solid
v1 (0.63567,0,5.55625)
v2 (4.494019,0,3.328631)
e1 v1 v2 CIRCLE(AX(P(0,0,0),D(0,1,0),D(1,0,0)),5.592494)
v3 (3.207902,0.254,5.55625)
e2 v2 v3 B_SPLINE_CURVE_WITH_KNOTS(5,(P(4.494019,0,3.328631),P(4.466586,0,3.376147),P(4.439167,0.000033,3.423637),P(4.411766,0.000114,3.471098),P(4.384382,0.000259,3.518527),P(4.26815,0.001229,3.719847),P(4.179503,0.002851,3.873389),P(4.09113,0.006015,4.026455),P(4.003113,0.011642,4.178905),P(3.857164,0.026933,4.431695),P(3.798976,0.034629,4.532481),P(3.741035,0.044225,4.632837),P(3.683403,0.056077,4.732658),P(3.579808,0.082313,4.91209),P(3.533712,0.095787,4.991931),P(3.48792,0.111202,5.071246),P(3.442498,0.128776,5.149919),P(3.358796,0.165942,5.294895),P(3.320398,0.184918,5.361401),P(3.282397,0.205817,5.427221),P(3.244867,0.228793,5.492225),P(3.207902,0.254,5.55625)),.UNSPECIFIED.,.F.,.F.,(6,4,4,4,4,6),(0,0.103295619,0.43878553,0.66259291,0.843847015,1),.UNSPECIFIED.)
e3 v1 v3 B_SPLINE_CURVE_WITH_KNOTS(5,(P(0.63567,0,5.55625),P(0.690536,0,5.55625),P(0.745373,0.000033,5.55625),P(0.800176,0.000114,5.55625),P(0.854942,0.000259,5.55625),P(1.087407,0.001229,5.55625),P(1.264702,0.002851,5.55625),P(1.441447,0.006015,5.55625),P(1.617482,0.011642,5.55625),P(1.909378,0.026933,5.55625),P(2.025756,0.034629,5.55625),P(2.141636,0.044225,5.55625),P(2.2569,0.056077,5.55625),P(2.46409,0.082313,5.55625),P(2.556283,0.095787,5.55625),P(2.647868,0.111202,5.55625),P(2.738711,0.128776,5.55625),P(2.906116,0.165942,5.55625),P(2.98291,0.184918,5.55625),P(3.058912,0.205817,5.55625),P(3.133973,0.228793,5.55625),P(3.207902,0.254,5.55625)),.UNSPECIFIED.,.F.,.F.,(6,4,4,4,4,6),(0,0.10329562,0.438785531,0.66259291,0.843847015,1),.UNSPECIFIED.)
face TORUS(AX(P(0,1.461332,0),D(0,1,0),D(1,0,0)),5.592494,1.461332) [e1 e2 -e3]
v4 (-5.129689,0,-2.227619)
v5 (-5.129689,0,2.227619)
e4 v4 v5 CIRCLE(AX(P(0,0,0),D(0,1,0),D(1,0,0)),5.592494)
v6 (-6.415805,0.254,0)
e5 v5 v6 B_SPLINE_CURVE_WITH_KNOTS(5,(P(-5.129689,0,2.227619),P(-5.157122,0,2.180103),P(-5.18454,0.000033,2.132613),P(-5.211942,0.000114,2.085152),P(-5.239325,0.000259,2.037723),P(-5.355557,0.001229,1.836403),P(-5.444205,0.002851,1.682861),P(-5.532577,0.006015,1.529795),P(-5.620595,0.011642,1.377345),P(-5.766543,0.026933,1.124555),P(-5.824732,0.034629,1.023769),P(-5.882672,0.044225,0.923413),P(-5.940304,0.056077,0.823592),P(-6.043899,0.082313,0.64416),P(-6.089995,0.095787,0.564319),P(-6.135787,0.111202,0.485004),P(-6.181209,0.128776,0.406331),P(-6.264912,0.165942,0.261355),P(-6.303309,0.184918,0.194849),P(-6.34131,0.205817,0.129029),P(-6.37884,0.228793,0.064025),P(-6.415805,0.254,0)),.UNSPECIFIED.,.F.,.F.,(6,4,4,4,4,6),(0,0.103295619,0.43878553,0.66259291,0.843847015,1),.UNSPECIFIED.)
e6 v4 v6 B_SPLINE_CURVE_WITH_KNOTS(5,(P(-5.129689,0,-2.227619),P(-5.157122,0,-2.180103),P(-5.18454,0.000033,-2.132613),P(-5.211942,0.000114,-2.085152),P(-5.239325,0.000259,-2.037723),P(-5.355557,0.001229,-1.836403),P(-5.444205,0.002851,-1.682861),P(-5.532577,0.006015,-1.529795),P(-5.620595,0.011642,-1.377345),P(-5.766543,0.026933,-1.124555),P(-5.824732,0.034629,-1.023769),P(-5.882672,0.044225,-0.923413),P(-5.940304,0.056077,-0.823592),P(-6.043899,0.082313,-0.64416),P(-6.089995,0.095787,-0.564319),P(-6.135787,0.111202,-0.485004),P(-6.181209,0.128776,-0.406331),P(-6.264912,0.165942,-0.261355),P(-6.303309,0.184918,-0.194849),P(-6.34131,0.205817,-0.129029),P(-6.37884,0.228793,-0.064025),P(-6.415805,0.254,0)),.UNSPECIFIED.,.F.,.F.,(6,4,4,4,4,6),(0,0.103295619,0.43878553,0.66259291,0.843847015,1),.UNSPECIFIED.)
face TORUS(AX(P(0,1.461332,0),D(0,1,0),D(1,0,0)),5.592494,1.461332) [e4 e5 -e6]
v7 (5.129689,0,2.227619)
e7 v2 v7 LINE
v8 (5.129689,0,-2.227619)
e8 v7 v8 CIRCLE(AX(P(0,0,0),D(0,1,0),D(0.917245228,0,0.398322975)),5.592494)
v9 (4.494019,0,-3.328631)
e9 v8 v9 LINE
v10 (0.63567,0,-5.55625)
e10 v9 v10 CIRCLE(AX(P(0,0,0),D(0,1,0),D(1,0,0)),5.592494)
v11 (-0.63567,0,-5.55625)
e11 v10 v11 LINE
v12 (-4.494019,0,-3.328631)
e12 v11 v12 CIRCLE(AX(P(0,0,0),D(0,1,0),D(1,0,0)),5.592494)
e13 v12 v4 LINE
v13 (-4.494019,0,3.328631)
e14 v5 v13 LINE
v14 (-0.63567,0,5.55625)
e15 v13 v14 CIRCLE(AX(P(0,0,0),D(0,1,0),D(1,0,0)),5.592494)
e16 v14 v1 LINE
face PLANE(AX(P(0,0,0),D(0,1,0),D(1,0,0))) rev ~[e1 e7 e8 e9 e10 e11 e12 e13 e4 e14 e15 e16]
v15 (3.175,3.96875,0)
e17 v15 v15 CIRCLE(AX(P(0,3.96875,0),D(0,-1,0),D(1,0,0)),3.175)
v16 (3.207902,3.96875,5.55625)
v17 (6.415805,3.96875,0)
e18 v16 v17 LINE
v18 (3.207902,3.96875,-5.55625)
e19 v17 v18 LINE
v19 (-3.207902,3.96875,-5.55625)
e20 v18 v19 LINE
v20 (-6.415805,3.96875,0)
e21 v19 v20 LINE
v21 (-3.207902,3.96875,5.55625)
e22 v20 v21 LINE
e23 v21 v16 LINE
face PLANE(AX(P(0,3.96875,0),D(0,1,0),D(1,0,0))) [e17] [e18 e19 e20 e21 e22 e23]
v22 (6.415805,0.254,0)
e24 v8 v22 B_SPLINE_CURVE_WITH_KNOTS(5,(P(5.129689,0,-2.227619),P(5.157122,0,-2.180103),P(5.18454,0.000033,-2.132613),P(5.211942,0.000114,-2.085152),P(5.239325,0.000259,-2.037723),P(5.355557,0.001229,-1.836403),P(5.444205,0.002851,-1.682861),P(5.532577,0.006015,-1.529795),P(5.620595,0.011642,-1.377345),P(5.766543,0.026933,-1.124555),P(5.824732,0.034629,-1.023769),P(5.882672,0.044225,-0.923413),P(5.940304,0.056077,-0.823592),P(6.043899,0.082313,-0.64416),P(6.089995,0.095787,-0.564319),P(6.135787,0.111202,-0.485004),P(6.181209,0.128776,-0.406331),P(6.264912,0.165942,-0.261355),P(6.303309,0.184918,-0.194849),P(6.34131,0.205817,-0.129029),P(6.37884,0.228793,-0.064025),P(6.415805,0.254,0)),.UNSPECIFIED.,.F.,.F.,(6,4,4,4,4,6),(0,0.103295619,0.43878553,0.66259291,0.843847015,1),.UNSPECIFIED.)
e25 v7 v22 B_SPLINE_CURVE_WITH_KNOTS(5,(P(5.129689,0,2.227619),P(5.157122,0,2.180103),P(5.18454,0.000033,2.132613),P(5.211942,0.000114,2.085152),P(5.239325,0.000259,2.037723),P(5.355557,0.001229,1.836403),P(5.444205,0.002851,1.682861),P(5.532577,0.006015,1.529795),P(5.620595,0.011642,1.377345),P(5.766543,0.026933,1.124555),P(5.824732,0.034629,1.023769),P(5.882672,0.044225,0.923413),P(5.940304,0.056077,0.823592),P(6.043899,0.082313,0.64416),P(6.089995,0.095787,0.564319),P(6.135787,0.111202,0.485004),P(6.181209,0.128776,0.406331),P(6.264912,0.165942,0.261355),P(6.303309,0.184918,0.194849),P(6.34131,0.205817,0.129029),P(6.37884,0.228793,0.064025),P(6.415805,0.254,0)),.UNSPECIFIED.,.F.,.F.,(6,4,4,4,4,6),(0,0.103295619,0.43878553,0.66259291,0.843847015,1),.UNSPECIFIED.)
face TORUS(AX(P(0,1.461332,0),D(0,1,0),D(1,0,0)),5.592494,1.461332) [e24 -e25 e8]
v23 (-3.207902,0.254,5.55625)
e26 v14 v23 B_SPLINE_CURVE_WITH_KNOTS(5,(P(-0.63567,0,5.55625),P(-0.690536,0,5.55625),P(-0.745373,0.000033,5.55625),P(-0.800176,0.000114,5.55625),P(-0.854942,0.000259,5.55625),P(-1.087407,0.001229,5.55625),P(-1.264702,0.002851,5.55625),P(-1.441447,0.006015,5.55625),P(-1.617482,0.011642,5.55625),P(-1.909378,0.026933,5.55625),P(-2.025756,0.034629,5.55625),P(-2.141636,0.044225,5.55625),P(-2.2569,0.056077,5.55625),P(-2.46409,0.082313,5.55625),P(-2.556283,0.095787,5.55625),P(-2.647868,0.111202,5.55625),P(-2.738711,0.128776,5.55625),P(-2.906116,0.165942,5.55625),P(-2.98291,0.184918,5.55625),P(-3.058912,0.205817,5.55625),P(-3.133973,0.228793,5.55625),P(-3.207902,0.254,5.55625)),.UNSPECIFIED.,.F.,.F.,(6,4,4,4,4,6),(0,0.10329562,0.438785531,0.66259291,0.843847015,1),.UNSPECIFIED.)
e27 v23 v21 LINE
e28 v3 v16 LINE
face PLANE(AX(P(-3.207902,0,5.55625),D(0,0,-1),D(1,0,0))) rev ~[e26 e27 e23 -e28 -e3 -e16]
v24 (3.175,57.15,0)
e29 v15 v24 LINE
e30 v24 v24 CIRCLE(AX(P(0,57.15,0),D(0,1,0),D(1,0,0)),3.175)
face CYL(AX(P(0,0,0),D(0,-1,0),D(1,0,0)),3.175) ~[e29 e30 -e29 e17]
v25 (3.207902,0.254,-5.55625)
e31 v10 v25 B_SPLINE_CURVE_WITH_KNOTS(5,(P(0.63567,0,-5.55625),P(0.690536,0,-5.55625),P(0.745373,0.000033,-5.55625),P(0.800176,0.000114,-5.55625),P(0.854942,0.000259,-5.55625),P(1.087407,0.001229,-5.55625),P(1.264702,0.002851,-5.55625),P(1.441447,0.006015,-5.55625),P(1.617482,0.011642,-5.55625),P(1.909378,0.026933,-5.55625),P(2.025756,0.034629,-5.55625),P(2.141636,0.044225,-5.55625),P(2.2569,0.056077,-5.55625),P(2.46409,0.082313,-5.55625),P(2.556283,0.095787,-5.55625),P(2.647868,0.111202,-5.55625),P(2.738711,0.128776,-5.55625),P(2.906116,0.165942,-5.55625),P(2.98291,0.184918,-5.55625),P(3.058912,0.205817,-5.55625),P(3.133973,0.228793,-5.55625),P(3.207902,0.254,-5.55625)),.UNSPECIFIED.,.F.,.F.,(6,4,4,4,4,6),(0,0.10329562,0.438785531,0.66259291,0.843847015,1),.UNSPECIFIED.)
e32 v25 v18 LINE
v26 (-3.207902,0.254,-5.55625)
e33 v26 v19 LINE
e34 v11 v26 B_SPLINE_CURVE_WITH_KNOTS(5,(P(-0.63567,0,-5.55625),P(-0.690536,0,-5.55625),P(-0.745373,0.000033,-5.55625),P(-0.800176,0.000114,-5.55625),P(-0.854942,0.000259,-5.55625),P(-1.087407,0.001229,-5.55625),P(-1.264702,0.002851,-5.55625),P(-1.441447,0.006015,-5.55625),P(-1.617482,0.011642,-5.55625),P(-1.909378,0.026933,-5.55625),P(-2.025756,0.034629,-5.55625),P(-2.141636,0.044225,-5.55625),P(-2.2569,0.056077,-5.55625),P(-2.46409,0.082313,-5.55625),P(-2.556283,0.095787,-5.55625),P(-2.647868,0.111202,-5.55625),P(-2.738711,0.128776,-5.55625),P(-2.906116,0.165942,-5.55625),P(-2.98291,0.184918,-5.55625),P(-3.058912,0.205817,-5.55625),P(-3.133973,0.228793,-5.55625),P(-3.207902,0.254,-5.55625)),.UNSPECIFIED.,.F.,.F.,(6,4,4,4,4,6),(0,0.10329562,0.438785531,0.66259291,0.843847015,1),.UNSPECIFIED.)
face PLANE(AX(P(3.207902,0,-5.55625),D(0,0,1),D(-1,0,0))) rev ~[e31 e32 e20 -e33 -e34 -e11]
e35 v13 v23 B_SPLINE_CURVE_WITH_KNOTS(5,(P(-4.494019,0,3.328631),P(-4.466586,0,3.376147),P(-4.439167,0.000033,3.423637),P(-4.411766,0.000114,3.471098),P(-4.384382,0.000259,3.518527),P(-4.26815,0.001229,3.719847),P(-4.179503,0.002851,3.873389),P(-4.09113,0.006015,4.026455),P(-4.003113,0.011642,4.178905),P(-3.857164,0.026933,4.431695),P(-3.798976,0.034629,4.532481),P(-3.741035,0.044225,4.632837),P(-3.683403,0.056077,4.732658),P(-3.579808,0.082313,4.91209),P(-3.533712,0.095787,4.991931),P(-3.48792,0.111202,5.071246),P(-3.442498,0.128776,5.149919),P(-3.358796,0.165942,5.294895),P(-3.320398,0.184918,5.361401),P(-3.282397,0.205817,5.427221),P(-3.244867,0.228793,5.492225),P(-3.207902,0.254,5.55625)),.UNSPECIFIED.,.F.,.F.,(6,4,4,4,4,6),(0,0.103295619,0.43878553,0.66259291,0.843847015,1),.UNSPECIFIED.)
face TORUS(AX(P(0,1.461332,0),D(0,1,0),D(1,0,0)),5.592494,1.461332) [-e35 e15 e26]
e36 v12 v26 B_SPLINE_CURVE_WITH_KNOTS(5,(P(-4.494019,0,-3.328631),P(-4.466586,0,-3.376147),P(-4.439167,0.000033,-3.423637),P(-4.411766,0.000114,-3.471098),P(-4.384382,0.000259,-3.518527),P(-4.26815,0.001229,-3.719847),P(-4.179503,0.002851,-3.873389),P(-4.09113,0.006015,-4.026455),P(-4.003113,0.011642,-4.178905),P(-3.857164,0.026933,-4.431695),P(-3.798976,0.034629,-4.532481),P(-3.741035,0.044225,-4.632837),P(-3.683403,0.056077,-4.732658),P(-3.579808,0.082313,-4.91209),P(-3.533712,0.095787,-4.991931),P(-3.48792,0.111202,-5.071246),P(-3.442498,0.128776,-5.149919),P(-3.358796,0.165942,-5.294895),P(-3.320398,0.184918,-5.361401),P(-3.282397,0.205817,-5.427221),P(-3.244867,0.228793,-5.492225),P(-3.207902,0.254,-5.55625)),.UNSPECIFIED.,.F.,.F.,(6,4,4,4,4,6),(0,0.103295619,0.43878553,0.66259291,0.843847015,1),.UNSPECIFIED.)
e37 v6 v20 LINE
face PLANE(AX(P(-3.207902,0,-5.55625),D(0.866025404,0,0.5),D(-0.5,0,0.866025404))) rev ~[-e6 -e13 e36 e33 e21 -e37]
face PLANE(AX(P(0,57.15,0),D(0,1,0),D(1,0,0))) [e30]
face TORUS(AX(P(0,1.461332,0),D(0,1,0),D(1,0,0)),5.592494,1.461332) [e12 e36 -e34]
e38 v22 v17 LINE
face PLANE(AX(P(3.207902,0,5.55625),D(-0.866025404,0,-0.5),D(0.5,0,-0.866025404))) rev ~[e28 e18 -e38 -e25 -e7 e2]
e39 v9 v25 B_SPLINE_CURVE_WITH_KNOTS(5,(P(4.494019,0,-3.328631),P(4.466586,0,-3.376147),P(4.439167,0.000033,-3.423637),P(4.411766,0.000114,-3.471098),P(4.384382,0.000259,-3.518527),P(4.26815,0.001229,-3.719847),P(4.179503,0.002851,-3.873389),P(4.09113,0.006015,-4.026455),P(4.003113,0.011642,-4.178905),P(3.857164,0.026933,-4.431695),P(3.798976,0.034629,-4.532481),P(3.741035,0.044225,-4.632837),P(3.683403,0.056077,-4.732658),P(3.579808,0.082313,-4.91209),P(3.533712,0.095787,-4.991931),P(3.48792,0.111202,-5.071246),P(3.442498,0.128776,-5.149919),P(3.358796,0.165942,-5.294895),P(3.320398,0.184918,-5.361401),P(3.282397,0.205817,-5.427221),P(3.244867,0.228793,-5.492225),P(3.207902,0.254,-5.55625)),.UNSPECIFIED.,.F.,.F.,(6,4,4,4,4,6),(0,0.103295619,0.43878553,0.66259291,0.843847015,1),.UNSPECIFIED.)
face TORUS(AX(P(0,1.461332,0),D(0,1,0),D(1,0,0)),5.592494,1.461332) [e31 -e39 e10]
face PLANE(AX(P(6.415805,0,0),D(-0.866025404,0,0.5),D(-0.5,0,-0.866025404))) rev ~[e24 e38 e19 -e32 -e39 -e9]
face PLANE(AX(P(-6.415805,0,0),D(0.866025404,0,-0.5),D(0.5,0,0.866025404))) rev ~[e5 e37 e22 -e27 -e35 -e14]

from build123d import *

# Parameters (mm, degrees)
BOSS_EXTRUDE1_DEPTH = 3.96875
SKETCH3_R           = 3.175
BOSS_EXTRUDE2_DEPTH = 57.15


with BuildPart() as part:
    # Sketch1 → Boss-Extrude1 (new body)
    with BuildSketch(Plane(origin=(0, 0, 0), x_dir=(1, 0, 0), z_dir=(0, 1, 0))):
        Polygon((6.415804866, 0), (3.207902433, 5.55625), (-3.207902433, 5.55625), (-6.415804866, 0), (-3.207902433, -5.55625), (3.207902433, -5.55625), align=None)
    extrude(amount=BOSS_EXTRUDE1_DEPTH)

    # Sketch2 → Cut-Revolve1 (revolve, cut)
    with BuildSketch(Plane.XY):
        with BuildLine():
            Line((6.415804866, 0.254), (6.415804866, 0))
            Line((6.415804866, 0), (5.592494081, 0))
            ThreePointArc((5.592494081, 0), (6.023294687, 0.064943068), (6.415804866, 0.254))
        make_face()
    revolve(axis=Axis((0, 0, 0), (0, 1, 0)), mode=Mode.SUBTRACT)

    # Sketch3 → Boss-Extrude2 (add)
    with BuildSketch(Plane(origin=(0, 0, 0), x_dir=(1, 0, 0), z_dir=(0, 1, 0))):
        Circle(SKETCH3_R)
    extrude(amount=BOSS_EXTRUDE2_DEPTH)


solid = part.part
